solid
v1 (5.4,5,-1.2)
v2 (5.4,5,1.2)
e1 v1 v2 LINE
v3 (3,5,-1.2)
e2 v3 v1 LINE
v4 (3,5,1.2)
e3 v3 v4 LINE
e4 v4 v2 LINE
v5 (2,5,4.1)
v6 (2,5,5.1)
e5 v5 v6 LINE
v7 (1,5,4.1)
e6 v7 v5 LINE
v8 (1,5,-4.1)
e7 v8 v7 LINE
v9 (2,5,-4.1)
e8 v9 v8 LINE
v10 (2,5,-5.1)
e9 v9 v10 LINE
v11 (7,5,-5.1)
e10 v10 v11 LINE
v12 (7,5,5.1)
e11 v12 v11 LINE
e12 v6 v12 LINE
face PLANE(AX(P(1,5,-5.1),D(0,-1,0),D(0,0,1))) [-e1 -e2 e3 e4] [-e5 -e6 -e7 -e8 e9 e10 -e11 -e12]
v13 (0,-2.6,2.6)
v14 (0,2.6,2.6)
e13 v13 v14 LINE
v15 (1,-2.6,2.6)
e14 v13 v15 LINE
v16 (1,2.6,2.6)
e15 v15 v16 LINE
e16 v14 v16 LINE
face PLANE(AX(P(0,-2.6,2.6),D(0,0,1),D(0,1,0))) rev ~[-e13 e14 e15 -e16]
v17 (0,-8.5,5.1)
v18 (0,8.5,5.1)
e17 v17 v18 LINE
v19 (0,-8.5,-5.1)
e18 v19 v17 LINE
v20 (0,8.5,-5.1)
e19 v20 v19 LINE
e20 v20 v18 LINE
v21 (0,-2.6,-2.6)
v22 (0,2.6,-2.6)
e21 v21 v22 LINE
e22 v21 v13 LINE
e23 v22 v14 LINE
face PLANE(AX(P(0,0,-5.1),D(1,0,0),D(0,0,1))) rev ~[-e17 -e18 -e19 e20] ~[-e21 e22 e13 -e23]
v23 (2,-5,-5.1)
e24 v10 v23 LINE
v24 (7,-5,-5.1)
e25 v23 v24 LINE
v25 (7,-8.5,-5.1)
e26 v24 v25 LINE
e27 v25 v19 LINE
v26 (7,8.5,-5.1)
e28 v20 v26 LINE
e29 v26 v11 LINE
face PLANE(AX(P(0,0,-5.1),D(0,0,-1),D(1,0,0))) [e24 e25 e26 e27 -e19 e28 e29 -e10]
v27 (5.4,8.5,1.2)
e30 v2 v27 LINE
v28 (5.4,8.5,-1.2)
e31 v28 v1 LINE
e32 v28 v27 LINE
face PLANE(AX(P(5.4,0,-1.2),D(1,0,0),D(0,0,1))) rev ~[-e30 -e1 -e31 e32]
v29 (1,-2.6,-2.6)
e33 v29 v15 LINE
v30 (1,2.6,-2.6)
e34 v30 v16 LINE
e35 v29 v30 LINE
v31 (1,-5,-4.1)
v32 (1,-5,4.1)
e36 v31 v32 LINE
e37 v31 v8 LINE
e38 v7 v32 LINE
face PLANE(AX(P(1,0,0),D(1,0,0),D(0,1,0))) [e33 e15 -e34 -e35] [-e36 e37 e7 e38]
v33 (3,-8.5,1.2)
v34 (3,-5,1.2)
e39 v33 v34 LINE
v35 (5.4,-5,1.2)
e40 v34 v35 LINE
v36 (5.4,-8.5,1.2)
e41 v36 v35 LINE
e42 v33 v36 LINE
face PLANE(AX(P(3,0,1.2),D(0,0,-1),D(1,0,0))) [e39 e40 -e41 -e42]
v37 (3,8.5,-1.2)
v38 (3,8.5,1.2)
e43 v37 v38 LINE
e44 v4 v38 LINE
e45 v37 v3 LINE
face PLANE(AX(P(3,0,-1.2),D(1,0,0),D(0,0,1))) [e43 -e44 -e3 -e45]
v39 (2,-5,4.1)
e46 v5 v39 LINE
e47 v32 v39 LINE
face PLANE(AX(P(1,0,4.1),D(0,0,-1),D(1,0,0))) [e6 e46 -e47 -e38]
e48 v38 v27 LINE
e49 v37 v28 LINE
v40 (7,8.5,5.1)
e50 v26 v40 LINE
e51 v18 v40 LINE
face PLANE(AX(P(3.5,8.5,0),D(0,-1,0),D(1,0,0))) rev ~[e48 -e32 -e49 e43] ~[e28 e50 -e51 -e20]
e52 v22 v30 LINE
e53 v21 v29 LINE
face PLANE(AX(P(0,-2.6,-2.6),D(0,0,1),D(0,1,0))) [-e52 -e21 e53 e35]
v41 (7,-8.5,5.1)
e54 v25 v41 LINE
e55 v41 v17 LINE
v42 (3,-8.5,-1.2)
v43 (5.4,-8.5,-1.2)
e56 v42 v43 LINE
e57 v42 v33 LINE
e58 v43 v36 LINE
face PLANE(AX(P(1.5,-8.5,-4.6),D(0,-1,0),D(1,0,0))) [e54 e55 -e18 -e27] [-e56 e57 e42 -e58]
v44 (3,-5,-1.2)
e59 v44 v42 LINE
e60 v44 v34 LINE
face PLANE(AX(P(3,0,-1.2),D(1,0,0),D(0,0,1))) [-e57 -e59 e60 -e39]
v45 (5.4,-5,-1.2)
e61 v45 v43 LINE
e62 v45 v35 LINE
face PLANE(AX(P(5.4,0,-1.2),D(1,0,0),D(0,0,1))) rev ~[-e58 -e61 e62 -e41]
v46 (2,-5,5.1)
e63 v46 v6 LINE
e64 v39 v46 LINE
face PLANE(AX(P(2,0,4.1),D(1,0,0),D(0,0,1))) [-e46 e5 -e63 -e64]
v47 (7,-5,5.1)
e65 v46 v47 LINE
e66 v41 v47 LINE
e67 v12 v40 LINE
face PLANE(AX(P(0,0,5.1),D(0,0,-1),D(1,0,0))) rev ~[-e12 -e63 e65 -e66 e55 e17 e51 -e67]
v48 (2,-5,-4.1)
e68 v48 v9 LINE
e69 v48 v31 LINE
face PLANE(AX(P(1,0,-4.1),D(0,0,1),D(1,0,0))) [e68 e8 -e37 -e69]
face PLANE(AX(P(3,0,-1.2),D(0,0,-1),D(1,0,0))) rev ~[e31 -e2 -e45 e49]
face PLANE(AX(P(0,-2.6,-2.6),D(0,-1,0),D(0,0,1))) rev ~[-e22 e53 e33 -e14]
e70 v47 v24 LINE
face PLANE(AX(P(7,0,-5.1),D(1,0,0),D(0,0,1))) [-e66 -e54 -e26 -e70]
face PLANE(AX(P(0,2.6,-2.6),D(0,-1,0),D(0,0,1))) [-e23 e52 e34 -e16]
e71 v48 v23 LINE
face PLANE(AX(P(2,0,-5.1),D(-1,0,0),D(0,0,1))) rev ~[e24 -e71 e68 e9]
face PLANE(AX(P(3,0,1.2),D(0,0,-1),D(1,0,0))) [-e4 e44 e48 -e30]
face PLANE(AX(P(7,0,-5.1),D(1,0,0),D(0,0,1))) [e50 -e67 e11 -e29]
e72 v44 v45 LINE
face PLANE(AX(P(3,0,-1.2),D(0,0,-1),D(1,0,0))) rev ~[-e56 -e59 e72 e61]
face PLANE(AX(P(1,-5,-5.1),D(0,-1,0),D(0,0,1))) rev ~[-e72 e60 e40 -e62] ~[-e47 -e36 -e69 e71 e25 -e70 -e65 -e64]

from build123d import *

# Parameters (mm, degrees)
SKETCH049_W      = 1
SKETCH049_H      = 1
EXTRUDE052_DEPTH = 8.5
SKETCH048_W      = 2.4
SKETCH048_H      = 2.4
EXTRUDE051_DEPTH = 8.5
SKETCH046_W      = 5.2
SKETCH046_H      = 5.2
EXTRUDE049_DEPTH = 1
SKETCH047_W      = 10
SKETCH047_H      = 10.2
EXTRUDE050_DEPTH = 8
SKETCH045_W      = 7
SKETCH045_H      = 10.2
EXTRUDE048_DEPTH = 8.5


with BuildPart() as extrude052:
    # Sketch049 → Extrude052 (new body, symmetric)
    with BuildSketch(Plane.XZ):
        with Locations((1.5, -4.6)):
            Rectangle(SKETCH049_W, SKETCH049_H)
        with Locations((1.5, 4.6)):
            Rectangle(SKETCH049_W, SKETCH049_H)
    extrude(amount=EXTRUDE052_DEPTH, both=True)


with BuildPart() as extrude_buco_per_perno_blocco_neopixel:
    # Sketch048 → Extrude051 (new body, symmetric)
    with BuildSketch(Plane.XZ):
        with Locations((4.2, 0)):
            Rectangle(SKETCH048_W, SKETCH048_H)
    extrude(amount=EXTRUDE051_DEPTH, both=True)


with BuildPart() as extrude_scavo_5x5_neopixel:
    # Sketch046 → Extrude049 (new body)
    with BuildSketch(Plane.YZ):
        Rectangle(SKETCH046_W, SKETCH046_H)
    extrude(amount=EXTRUDE049_DEPTH)


with BuildPart() as extrude_scavo_10x10_neopixel_corpo:
    # Sketch047 → Extrude050 (new body)
    with BuildSketch(Plane.YZ):
        Rectangle(SKETCH047_W, SKETCH047_H)
    extrude(amount=EXTRUDE050_DEPTH)


with BuildPart() as extrude_scavo_10x10_neopixel_corpo_1:
    # Extrude050 placement: moved
    add(extrude_scavo_10x10_neopixel_corpo.part.moved(Location((1, 0, 0))))


with BuildPart() as fusion_neopixel:
    # Sketch045 → Extrude048 (new body, symmetric)
    with BuildSketch(Plane.XZ):
        with Locations((3.5, 0)):
            Rectangle(SKETCH045_W, SKETCH045_H)
    extrude(amount=EXTRUDE048_DEPTH, both=True)

    # Cut030: cut Extrude scavo 10x10 neopixel corpo
    add(extrude_scavo_10x10_neopixel_corpo_1.part, mode=Mode.SUBTRACT)

    # Cut031: cut Extrude scavo 5x5 neopixel
    add(extrude_scavo_5x5_neopixel.part, mode=Mode.SUBTRACT)

    # Cut032: cut Extrude buco per perno blocco neopixel
    add(extrude_buco_per_perno_blocco_neopixel.part, mode=Mode.SUBTRACT)

    # Fusion001: union Extrude052
    add(extrude052.part)


solid = fusion_neopixel.part
